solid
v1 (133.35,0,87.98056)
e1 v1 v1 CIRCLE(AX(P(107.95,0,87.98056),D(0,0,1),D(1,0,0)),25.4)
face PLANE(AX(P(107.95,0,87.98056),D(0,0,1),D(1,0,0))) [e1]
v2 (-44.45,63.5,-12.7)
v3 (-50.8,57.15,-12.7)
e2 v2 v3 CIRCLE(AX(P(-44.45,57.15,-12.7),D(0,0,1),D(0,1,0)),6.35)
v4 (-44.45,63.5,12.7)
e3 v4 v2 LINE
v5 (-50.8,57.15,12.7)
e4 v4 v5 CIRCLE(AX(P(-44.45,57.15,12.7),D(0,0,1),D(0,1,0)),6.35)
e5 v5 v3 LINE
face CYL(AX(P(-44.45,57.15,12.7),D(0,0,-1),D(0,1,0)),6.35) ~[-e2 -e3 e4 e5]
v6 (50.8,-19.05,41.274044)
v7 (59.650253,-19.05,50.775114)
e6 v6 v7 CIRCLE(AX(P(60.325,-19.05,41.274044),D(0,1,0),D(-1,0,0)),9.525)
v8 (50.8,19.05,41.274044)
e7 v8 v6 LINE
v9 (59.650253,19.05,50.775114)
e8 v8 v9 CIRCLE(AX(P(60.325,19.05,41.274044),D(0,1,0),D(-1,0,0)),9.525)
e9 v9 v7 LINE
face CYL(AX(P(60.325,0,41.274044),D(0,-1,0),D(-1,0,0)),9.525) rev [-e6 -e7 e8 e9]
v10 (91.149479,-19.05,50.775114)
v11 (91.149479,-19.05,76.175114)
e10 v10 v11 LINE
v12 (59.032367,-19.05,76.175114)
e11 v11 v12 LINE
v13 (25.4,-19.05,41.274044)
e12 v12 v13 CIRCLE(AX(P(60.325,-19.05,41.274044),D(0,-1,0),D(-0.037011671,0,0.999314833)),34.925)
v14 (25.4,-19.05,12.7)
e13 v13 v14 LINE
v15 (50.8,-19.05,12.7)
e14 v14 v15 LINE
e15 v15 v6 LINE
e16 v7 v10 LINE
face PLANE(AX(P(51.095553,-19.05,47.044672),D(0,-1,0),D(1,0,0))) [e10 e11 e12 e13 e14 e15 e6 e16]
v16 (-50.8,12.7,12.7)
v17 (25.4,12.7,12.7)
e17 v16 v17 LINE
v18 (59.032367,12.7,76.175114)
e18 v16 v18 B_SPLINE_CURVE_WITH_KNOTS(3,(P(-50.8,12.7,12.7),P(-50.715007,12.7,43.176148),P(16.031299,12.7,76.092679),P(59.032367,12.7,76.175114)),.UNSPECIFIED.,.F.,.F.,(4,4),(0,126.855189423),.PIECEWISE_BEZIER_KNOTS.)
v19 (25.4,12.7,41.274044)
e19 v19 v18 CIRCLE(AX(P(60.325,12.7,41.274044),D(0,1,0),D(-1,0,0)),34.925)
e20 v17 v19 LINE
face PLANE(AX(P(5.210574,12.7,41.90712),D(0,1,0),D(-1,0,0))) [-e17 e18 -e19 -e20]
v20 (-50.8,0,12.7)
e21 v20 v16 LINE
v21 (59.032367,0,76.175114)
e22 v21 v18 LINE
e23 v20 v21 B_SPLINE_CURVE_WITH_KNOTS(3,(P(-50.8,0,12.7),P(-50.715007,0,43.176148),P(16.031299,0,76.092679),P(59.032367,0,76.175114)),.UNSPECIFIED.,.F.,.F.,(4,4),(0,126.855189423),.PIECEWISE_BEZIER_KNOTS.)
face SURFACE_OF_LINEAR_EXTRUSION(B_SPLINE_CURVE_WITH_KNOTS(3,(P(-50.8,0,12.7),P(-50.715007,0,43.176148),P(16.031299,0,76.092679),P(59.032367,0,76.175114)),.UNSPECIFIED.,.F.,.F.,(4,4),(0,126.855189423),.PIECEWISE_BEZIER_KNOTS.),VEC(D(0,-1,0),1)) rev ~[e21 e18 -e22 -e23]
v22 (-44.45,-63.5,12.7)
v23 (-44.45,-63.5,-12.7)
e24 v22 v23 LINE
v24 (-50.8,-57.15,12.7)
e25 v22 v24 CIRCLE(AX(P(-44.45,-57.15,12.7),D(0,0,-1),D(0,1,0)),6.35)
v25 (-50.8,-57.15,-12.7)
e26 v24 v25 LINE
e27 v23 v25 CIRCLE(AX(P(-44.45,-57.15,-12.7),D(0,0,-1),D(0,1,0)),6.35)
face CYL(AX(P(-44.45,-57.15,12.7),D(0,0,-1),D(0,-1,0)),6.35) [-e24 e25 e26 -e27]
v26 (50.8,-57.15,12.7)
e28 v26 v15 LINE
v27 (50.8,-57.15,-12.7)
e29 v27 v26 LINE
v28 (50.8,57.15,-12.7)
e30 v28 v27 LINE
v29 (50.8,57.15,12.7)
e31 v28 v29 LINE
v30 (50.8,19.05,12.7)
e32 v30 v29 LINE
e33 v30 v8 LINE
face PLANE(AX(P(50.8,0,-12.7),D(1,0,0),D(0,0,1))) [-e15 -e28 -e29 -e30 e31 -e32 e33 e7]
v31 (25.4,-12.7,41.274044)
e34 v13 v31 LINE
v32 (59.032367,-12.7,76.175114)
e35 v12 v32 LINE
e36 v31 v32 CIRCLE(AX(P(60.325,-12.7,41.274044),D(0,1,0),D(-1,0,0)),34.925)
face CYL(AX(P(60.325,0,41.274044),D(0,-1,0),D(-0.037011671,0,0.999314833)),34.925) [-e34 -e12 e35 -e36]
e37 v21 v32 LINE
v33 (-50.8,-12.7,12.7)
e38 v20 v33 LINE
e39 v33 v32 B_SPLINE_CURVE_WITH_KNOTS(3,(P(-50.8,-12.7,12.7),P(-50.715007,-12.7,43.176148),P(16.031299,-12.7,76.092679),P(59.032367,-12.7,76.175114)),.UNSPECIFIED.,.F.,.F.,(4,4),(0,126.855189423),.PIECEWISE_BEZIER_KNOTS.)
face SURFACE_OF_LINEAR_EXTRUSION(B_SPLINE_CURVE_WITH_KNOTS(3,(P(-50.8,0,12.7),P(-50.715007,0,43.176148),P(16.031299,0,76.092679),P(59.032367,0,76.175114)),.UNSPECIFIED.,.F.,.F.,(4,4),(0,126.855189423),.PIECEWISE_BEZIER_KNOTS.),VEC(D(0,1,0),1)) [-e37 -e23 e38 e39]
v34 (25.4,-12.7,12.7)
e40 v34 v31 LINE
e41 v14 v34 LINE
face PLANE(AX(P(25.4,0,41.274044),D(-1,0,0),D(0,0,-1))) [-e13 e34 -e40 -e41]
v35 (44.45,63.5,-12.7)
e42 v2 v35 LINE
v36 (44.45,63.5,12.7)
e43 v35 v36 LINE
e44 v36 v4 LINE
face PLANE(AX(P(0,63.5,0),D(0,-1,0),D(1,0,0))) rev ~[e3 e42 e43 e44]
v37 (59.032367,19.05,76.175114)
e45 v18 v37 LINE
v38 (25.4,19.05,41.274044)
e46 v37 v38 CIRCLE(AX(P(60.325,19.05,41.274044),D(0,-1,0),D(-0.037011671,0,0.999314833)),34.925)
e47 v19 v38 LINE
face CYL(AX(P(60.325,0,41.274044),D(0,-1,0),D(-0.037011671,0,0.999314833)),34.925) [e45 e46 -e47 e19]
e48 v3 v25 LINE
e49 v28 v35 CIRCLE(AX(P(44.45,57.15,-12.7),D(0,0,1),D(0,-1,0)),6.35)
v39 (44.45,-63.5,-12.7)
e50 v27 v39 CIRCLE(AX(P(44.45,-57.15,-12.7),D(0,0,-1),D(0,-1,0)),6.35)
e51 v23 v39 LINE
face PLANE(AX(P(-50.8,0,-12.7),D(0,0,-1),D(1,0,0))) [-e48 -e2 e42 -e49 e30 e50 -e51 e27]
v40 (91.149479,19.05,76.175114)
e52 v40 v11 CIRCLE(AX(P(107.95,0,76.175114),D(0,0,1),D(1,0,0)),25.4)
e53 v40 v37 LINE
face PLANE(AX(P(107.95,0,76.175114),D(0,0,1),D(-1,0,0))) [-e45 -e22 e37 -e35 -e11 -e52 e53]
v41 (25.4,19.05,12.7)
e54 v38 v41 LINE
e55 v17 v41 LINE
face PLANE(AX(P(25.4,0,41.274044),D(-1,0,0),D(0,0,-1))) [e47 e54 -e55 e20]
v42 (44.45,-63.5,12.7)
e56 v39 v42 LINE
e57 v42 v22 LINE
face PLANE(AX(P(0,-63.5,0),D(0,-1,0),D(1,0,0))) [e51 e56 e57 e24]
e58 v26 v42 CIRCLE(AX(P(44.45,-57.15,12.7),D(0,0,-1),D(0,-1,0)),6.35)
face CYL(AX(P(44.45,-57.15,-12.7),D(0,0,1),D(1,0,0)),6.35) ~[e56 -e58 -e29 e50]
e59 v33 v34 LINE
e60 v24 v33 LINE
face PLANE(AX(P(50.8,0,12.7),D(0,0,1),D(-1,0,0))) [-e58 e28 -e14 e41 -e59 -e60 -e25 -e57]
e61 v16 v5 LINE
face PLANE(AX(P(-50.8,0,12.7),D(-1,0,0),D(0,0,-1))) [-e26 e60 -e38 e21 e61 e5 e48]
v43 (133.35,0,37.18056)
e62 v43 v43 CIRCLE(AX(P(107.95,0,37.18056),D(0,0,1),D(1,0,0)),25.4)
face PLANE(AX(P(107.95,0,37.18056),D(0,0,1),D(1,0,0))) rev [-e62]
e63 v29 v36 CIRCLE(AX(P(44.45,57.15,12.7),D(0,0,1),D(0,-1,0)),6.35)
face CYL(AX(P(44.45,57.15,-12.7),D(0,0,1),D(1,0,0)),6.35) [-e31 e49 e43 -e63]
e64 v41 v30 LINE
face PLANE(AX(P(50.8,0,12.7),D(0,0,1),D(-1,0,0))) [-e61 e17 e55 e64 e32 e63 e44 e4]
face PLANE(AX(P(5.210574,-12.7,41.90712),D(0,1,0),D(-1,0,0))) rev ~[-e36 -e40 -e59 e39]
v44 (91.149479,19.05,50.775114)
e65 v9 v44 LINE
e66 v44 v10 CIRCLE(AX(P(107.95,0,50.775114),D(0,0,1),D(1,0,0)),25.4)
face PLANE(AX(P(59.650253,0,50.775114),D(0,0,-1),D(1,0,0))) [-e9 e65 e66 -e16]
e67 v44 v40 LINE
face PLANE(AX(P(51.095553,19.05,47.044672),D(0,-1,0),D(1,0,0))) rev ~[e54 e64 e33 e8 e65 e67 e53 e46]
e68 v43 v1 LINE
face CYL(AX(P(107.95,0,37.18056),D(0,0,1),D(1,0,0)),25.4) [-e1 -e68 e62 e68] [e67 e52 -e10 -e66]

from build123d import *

# Parameters (mm, degrees)
F1_DEPTH = 63.5
F0_W     = 25.4
F0_H     = 25.4
F2_DEPTH = 19.05
F4_DEPTH = 12.7
F5_R     = 6.35


with BuildPart() as f1:
    # F0 (on Front) → F1 (new body, symmetric)
    with BuildSketch(Plane.XZ):
        Polygon((-50.8, 12.7), (-50.8, -12.7), (50.8, -12.7), (50.8, 12.7), (25.4, 12.7), align=None)
    extrude(amount=F1_DEPTH, both=True)

    # F0 (on Front) → F2 (join, symmetric)
    with BuildSketch(Plane.XZ):
        with BuildLine():
            Line((25.4, 12.7), (50.8, 12.7))
            Line((50.8, 12.7), (50.8, 41.2740438906))
            ThreePointArc((50.8, 41.2740438906), (53.3553304038, 47.7662954815), (59.6502531694, 50.7751144469))
            Line((59.6502531694, 50.7751144469), (82.55, 50.7751144469))
            Line((82.55, 50.7751144469), (82.55, 76.1751144469))
            Line((82.55, 76.1751144469), (59.0323674039, 76.1751144469))
            ThreePointArc((59.0323674039, 76.1751144469), (35.1764332574, 65.5084247532), (25.4, 41.2740438906))
            Line((25.4, 41.2740438906), (25.4, 12.7))
        make_face()
        with Locations((95.25, 63.4751144469)):
            Rectangle(F0_W, F0_H)
    extrude(amount=F2_DEPTH, both=True)

    # F0 (on Front) → F3 (revolve)
    with BuildSketch(Plane.XZ):
        Polygon((107.95, 87.98056042), (107.95, 76.1751144469), (107.95, 50.7751144469), (107.95, 37.18056042), (133.35, 37.18056042), (133.35, 87.98056042), align=None)
    revolve(axis=Axis((107.95, 0, 62.58056042), (0, 0, 1)))

    # F0 (on Front) → F4 (join, symmetric)
    with BuildSketch(Plane.XZ):
        with BuildLine():
            add(Edge.make_bspline(
                [(-50.8, 12.7), (-50.7150068879, 43.1761480868), (16.0312987864, 76.0926790535), (59.0323674039, 76.1751144469)],
                knots=[0, 0, 0, 0, 126.8551894232, 126.8551894232, 126.8551894232, 126.8551894232], degree=3))
            Line((-50.8, 12.7), (25.4, 12.7))
            Line((25.4, 12.7), (25.4, 41.2740438906))
            ThreePointArc((25.4, 41.2740438906), (35.1764332574, 65.5084247532), (59.0323674039, 76.1751144469))
        make_face()
    extrude(amount=F4_DEPTH, both=True)

    # F5
    f5_edges = [f1.edges().sort_by_distance(p)[0] for p in [
        (50.8, -63.5, 0),
        (-50.8, -63.5, 0),
        (-50.8, 63.5, 0),
        (50.8, 63.5, 0),
    ]]
    fillet(f5_edges, radius=F5_R)


solid = f1.part
